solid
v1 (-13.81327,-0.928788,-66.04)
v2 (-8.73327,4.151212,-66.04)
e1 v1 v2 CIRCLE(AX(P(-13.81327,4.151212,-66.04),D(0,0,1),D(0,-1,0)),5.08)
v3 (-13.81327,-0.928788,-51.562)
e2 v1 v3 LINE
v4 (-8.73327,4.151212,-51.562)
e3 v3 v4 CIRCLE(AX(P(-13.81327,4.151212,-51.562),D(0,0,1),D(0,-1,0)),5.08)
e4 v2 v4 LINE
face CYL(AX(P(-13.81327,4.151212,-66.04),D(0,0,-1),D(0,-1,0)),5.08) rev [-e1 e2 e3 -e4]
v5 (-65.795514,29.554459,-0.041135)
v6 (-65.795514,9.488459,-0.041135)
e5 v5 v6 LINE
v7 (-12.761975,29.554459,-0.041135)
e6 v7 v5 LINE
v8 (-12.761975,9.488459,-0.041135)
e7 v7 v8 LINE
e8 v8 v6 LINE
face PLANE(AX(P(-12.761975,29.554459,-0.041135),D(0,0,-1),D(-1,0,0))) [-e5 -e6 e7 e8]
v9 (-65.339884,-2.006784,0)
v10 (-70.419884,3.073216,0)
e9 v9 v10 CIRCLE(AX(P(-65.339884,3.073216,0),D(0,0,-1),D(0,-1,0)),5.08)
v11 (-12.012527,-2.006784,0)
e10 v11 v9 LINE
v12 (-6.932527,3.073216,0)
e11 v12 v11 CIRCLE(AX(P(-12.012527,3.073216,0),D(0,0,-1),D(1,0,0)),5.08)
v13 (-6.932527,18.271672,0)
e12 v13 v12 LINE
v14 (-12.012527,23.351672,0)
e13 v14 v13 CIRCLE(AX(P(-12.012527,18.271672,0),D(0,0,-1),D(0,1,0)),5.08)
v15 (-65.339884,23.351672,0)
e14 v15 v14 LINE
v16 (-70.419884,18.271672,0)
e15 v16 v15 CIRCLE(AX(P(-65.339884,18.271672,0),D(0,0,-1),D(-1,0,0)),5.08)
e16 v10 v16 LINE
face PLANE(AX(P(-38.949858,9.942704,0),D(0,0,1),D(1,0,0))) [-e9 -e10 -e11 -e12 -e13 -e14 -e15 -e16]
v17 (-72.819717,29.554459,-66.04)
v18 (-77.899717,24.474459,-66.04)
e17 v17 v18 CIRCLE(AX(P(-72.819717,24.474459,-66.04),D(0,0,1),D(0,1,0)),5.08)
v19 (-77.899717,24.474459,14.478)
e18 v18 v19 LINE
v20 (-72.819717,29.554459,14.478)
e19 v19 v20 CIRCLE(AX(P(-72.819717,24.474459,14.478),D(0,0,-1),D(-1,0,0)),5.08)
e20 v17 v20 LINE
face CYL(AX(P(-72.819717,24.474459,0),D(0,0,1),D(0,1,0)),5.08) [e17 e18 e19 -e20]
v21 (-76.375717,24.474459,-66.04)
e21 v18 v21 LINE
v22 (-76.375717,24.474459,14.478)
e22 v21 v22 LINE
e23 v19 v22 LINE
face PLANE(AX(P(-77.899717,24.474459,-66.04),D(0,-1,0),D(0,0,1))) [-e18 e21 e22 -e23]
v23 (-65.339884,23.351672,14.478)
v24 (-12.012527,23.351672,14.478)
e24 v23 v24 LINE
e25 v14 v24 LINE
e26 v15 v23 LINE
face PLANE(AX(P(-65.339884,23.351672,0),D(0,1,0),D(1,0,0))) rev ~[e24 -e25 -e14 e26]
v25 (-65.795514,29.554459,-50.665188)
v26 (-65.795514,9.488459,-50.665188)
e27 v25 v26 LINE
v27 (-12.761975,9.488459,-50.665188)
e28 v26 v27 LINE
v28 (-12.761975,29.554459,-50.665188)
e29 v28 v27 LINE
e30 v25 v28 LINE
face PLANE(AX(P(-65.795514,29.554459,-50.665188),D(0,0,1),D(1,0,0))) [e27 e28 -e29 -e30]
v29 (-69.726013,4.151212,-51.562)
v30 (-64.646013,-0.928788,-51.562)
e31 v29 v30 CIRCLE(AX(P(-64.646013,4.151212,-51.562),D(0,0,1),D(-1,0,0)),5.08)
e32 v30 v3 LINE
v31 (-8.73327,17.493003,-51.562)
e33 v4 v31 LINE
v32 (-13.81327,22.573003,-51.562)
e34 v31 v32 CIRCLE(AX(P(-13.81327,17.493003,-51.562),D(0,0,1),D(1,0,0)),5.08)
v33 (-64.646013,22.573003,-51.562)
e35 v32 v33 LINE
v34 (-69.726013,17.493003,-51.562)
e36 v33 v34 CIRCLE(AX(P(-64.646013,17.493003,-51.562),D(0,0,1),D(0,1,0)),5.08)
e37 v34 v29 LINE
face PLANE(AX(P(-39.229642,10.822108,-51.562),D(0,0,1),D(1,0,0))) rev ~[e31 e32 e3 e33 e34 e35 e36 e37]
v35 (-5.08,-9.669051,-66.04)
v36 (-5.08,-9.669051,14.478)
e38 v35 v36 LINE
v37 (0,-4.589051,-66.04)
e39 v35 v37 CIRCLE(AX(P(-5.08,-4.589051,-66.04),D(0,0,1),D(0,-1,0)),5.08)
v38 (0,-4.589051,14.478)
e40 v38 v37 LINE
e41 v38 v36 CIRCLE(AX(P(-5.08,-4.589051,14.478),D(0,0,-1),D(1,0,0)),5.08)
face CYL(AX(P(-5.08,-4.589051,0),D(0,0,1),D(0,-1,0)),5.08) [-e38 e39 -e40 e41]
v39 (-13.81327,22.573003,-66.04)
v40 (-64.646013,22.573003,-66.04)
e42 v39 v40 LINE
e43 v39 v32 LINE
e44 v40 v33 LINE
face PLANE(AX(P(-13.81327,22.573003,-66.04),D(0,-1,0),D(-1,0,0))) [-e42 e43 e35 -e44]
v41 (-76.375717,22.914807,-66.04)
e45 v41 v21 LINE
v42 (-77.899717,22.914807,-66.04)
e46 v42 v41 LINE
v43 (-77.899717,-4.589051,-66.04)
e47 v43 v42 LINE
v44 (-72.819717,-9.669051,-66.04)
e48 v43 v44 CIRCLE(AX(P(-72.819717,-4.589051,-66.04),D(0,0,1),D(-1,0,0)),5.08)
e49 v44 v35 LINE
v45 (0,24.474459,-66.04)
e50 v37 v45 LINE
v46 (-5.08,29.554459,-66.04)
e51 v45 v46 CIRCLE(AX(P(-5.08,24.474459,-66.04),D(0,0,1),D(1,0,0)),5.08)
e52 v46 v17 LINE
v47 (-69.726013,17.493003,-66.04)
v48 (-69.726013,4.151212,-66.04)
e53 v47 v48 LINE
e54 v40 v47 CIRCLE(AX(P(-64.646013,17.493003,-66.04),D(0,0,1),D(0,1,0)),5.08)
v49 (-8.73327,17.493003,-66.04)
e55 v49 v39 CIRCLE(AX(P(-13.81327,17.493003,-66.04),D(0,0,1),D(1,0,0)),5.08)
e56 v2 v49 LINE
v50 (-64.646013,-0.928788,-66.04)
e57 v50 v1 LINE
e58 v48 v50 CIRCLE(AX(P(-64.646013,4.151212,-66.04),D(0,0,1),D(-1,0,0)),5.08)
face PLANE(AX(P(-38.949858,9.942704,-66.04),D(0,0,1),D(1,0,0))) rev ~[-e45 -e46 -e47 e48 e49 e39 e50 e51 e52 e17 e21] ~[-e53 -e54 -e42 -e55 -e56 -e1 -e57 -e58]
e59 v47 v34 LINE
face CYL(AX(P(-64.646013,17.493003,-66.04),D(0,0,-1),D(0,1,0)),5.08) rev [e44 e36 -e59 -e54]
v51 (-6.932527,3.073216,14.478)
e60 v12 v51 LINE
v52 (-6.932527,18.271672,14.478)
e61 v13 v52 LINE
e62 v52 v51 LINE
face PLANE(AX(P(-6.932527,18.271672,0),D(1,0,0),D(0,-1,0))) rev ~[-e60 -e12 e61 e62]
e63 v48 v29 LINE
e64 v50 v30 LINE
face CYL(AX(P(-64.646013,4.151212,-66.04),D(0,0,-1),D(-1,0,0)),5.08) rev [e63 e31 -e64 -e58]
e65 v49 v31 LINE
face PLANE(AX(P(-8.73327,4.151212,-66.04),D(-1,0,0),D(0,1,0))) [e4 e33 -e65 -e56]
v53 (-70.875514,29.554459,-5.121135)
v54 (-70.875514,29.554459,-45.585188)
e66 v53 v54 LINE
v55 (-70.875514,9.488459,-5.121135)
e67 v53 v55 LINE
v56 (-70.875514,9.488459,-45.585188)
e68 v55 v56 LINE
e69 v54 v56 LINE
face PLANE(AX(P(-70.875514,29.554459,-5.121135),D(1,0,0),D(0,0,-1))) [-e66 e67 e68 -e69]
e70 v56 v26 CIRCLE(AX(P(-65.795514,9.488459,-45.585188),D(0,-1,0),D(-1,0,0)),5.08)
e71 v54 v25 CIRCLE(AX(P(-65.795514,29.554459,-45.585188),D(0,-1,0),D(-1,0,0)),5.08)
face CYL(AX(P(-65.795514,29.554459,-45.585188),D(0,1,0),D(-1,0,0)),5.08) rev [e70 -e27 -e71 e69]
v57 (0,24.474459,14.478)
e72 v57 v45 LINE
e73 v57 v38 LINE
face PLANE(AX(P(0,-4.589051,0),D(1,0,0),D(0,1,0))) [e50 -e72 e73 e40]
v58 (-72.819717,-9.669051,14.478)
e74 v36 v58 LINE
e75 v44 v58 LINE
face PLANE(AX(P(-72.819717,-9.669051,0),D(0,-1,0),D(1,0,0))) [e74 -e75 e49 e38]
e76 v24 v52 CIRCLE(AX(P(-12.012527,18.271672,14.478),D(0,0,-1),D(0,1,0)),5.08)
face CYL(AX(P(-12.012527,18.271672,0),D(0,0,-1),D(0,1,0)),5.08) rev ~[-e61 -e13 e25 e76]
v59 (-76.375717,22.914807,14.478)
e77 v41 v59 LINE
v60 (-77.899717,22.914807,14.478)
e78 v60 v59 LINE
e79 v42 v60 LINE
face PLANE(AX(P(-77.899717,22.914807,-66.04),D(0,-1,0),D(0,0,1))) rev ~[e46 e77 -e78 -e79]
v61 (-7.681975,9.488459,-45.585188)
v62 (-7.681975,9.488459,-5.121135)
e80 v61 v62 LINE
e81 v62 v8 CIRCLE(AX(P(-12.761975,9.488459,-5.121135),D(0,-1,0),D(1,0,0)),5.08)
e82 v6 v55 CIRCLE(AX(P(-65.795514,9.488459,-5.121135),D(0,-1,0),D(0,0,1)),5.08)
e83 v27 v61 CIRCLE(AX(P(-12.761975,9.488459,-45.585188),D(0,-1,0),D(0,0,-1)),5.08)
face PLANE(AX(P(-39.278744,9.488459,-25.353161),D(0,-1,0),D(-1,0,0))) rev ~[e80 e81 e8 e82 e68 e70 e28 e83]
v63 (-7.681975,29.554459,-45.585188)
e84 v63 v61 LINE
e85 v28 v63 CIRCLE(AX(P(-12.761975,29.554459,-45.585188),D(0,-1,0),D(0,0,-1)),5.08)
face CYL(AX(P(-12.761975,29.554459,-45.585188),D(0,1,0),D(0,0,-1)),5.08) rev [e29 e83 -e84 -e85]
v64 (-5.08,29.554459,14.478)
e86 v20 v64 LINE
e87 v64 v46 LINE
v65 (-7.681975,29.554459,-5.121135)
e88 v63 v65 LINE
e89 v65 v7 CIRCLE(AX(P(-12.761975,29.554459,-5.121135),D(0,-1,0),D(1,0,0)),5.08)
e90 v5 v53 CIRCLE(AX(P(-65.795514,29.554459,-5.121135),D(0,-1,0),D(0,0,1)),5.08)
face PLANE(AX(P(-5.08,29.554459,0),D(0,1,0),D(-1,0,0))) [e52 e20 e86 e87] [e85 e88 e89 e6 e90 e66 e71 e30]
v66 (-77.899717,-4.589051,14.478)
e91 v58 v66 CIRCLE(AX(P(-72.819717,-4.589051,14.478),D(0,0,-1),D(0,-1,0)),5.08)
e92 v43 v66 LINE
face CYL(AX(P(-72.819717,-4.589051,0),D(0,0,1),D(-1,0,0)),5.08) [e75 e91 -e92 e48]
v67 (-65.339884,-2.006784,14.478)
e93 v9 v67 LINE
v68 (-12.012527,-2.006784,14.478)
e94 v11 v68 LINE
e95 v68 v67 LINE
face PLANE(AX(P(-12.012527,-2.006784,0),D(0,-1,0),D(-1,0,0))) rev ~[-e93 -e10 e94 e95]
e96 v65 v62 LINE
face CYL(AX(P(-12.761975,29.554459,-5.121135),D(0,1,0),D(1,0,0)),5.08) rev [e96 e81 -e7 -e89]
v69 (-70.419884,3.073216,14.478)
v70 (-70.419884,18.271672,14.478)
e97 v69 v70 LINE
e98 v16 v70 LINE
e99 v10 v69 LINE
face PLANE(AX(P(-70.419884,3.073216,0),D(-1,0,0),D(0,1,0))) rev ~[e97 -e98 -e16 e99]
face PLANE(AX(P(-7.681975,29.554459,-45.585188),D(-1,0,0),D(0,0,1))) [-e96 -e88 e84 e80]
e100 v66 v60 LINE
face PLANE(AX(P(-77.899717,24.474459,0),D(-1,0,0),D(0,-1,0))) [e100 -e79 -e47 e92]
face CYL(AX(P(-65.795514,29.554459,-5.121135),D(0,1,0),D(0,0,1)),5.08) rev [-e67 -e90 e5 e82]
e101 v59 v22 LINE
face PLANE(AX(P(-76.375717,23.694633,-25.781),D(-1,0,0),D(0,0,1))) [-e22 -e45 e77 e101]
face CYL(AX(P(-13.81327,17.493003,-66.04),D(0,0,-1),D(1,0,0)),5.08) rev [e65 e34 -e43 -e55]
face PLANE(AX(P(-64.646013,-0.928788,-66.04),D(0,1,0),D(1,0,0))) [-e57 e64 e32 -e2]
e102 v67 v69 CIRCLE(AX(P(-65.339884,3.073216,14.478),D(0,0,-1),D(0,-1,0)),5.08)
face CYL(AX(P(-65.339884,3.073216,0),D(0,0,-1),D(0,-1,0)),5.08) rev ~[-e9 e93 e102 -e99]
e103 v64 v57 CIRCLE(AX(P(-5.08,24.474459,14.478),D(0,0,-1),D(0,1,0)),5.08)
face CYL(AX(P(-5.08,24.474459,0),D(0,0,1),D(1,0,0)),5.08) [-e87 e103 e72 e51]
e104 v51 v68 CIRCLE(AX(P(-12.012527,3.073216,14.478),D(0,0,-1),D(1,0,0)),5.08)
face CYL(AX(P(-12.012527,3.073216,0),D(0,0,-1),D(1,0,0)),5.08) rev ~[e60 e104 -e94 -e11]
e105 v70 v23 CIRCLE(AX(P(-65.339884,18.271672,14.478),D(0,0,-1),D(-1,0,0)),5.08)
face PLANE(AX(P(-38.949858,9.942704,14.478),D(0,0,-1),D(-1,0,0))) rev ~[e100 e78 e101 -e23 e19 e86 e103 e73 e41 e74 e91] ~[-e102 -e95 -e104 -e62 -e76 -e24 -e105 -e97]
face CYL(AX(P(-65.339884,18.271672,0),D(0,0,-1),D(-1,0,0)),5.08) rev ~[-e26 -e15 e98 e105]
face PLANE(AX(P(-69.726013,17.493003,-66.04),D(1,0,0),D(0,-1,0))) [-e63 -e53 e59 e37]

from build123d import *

# Parameters (mm, degrees)
BOSS_EXTRUDE1_DEPTH = 14.478
BOSS_EXTRUDE2_DEPTH = 66.04
SKETCH3_W           = 80.518
SKETCH3_H           = 1.477027813
BOSS_EXTRUDE3_DEPTH = 1.524
SKETCH4_W           = 80.518
SKETCH4_H           = 1.559652671
CUT_EXTRUDE1_DEPTH  = 1.524
CUT_EXTRUDE3_DEPTH  = 14.478
CUT_EXTRUDE6_DEPTH  = 20.066


with BuildPart() as part:
    # Sketch1 → Boss-Extrude1 (new body)
    with BuildSketch(Plane.XY):
        with BuildLine():
            Line((-72.819716666, 29.55445925), (-5.08, 29.55445925))
            ThreePointArc((-5.08, 29.55445925), (-1.487897552, 28.066561699), (0, 24.47445925))
            Line((0, 24.47445925), (0, -4.589051483))
            ThreePointArc((0, -4.589051483), (-1.487897552, -8.181153932), (-5.08, -9.669051483))
            Line((-5.08, -9.669051483), (-72.819716666, -9.669051483))
            ThreePointArc((-72.819716666, -9.669051483), (-76.411819114, -8.181153932), (-77.899716666, -4.589051483))
            Line((-77.899716666, -4.589051483), (-77.899716666, 24.47445925))
            ThreePointArc((-77.899716666, 24.47445925), (-76.411819114, 28.066561699), (-72.819716666, 29.55445925))
        make_face()
        with BuildLine():
            Line((-65.339884386, 23.351671506), (-12.012527478, 23.351671506))
            ThreePointArc((-12.012527478, 23.351671506), (-8.42042503, 21.863773955), (-6.932527478, 18.271671506))
            Line((-6.932527478, 18.271671506), (-6.932527478, 3.07321573))
            ThreePointArc((-6.932527478, 3.07321573), (-8.42042503, -0.518886719), (-12.012527478, -2.00678427))
            Line((-12.012527478, -2.00678427), (-65.339884386, -2.00678427))
            ThreePointArc((-65.339884386, -2.00678427), (-68.931986835, -0.518886719), (-70.419884386, 3.07321573))
            Line((-70.419884386, 3.07321573), (-70.419884386, 18.271671506))
            ThreePointArc((-70.419884386, 18.271671506), (-68.931986835, 21.863773955), (-65.339884386, 23.351671506))
        make_face(mode=Mode.SUBTRACT)
    extrude(amount=BOSS_EXTRUDE1_DEPTH)

    # Sketch2 → Boss-Extrude2 (add)
    with BuildSketch(Plane(origin=(0, 0, 0), x_dir=(-1, 0, 0), z_dir=(0, 0, -1))):
        with BuildLine():
            Line((5.08, 29.55445925), (72.819716666, 29.55445925))
            ThreePointArc((72.819716666, 29.55445925), (76.411819114, 28.066561699), (77.899716666, 24.47445925))
            Line((77.899716666, 24.47445925), (77.899716666, -4.589051483))
            ThreePointArc((77.899716666, -4.589051483), (76.411819114, -8.181153932), (72.819716666, -9.669051483))
            Line((72.819716666, -9.669051483), (5.08, -9.669051483))
            ThreePointArc((5.08, -9.669051483), (1.487897552, -8.181153932), (0, -4.589051483))
            Line((0, -4.589051483), (0, 24.47445925))
            ThreePointArc((0, 24.47445925), (1.487897552, 28.066561699), (5.08, 29.55445925))
        make_face()
    extrude(amount=BOSS_EXTRUDE2_DEPTH)

    # Sketch3 → Boss-Extrude3 (add)
    with BuildSketch(Plane.ZY.offset(77.899716666)):
        with Locations((-25.781, 23.735945344)):
            Rectangle(SKETCH3_W, SKETCH3_H)
    extrude(amount=-BOSS_EXTRUDE3_DEPTH)

    # Sketch4 → Cut-Extrude1 (cut)
    with BuildSketch(Plane.ZY.offset(77.899716666)):
        with Locations((-25.781, 23.694632915)):
            Rectangle(SKETCH4_W, SKETCH4_H)
    extrude(amount=-CUT_EXTRUDE1_DEPTH, mode=Mode.SUBTRACT)

    # Sketch8 → Cut-Extrude3 (cut)
    with BuildSketch(Plane(origin=(0, 0.399775278, -66.04), x_dir=(-1, 0, 0), z_dir=(0, 0, -1))):
        with BuildLine():
            Line((13.813270209, 22.173227648), (64.646012904, 22.173227648))
            ThreePointArc((64.646012904, 22.173227648), (68.238115352, 20.685330097), (69.726012904, 17.093227648))
            Line((69.726012904, 17.093227648), (69.726012904, 3.751436885))
            ThreePointArc((69.726012904, 3.751436885), (68.238115352, 0.159334436), (64.646012904, -1.328563115))
            Line((64.646012904, -1.328563115), (13.813270209, -1.328563115))
            ThreePointArc((13.813270209, -1.328563115), (10.22116776, 0.159334436), (8.733270209, 3.751436885))
            Line((8.733270209, 3.751436885), (8.733270209, 17.093227648))
            ThreePointArc((8.733270209, 17.093227648), (10.22116776, 20.685330097), (13.813270209, 22.173227648))
        make_face()
    extrude(amount=-CUT_EXTRUDE3_DEPTH, mode=Mode.SUBTRACT)

    # Sketch10 → Cut-Extrude6 (cut)
    with BuildSketch(Plane(origin=(0, 29.55445925, 6.792687041), x_dir=(1, 0, 0), z_dir=(0, 1, 0))):
        with BuildLine():
            Line((-65.795513853, 57.457874707), (-12.761974665, 57.457874707))
            ThreePointArc((-12.761974665, 57.457874707), (-9.169872217, 55.969977155), (-7.681974665, 52.377874707))
            Line((-7.681974665, 52.377874707), (-7.681974665, 11.913822303))
            ThreePointArc((-7.681974665, 11.913822303), (-9.169872217, 8.321719854), (-12.761974665, 6.833822303))
            Line((-12.761974665, 6.833822303), (-65.795513853, 6.833822303))
            ThreePointArc((-65.795513853, 6.833822303), (-69.387616301, 8.321719854), (-70.875513853, 11.913822303))
            Line((-70.875513853, 11.913822303), (-70.875513853, 52.377874707))
            ThreePointArc((-70.875513853, 52.377874707), (-69.387616301, 55.969977155), (-65.795513853, 57.457874707))
        make_face()
    extrude(amount=-CUT_EXTRUDE6_DEPTH, mode=Mode.SUBTRACT)


solid = part.part
